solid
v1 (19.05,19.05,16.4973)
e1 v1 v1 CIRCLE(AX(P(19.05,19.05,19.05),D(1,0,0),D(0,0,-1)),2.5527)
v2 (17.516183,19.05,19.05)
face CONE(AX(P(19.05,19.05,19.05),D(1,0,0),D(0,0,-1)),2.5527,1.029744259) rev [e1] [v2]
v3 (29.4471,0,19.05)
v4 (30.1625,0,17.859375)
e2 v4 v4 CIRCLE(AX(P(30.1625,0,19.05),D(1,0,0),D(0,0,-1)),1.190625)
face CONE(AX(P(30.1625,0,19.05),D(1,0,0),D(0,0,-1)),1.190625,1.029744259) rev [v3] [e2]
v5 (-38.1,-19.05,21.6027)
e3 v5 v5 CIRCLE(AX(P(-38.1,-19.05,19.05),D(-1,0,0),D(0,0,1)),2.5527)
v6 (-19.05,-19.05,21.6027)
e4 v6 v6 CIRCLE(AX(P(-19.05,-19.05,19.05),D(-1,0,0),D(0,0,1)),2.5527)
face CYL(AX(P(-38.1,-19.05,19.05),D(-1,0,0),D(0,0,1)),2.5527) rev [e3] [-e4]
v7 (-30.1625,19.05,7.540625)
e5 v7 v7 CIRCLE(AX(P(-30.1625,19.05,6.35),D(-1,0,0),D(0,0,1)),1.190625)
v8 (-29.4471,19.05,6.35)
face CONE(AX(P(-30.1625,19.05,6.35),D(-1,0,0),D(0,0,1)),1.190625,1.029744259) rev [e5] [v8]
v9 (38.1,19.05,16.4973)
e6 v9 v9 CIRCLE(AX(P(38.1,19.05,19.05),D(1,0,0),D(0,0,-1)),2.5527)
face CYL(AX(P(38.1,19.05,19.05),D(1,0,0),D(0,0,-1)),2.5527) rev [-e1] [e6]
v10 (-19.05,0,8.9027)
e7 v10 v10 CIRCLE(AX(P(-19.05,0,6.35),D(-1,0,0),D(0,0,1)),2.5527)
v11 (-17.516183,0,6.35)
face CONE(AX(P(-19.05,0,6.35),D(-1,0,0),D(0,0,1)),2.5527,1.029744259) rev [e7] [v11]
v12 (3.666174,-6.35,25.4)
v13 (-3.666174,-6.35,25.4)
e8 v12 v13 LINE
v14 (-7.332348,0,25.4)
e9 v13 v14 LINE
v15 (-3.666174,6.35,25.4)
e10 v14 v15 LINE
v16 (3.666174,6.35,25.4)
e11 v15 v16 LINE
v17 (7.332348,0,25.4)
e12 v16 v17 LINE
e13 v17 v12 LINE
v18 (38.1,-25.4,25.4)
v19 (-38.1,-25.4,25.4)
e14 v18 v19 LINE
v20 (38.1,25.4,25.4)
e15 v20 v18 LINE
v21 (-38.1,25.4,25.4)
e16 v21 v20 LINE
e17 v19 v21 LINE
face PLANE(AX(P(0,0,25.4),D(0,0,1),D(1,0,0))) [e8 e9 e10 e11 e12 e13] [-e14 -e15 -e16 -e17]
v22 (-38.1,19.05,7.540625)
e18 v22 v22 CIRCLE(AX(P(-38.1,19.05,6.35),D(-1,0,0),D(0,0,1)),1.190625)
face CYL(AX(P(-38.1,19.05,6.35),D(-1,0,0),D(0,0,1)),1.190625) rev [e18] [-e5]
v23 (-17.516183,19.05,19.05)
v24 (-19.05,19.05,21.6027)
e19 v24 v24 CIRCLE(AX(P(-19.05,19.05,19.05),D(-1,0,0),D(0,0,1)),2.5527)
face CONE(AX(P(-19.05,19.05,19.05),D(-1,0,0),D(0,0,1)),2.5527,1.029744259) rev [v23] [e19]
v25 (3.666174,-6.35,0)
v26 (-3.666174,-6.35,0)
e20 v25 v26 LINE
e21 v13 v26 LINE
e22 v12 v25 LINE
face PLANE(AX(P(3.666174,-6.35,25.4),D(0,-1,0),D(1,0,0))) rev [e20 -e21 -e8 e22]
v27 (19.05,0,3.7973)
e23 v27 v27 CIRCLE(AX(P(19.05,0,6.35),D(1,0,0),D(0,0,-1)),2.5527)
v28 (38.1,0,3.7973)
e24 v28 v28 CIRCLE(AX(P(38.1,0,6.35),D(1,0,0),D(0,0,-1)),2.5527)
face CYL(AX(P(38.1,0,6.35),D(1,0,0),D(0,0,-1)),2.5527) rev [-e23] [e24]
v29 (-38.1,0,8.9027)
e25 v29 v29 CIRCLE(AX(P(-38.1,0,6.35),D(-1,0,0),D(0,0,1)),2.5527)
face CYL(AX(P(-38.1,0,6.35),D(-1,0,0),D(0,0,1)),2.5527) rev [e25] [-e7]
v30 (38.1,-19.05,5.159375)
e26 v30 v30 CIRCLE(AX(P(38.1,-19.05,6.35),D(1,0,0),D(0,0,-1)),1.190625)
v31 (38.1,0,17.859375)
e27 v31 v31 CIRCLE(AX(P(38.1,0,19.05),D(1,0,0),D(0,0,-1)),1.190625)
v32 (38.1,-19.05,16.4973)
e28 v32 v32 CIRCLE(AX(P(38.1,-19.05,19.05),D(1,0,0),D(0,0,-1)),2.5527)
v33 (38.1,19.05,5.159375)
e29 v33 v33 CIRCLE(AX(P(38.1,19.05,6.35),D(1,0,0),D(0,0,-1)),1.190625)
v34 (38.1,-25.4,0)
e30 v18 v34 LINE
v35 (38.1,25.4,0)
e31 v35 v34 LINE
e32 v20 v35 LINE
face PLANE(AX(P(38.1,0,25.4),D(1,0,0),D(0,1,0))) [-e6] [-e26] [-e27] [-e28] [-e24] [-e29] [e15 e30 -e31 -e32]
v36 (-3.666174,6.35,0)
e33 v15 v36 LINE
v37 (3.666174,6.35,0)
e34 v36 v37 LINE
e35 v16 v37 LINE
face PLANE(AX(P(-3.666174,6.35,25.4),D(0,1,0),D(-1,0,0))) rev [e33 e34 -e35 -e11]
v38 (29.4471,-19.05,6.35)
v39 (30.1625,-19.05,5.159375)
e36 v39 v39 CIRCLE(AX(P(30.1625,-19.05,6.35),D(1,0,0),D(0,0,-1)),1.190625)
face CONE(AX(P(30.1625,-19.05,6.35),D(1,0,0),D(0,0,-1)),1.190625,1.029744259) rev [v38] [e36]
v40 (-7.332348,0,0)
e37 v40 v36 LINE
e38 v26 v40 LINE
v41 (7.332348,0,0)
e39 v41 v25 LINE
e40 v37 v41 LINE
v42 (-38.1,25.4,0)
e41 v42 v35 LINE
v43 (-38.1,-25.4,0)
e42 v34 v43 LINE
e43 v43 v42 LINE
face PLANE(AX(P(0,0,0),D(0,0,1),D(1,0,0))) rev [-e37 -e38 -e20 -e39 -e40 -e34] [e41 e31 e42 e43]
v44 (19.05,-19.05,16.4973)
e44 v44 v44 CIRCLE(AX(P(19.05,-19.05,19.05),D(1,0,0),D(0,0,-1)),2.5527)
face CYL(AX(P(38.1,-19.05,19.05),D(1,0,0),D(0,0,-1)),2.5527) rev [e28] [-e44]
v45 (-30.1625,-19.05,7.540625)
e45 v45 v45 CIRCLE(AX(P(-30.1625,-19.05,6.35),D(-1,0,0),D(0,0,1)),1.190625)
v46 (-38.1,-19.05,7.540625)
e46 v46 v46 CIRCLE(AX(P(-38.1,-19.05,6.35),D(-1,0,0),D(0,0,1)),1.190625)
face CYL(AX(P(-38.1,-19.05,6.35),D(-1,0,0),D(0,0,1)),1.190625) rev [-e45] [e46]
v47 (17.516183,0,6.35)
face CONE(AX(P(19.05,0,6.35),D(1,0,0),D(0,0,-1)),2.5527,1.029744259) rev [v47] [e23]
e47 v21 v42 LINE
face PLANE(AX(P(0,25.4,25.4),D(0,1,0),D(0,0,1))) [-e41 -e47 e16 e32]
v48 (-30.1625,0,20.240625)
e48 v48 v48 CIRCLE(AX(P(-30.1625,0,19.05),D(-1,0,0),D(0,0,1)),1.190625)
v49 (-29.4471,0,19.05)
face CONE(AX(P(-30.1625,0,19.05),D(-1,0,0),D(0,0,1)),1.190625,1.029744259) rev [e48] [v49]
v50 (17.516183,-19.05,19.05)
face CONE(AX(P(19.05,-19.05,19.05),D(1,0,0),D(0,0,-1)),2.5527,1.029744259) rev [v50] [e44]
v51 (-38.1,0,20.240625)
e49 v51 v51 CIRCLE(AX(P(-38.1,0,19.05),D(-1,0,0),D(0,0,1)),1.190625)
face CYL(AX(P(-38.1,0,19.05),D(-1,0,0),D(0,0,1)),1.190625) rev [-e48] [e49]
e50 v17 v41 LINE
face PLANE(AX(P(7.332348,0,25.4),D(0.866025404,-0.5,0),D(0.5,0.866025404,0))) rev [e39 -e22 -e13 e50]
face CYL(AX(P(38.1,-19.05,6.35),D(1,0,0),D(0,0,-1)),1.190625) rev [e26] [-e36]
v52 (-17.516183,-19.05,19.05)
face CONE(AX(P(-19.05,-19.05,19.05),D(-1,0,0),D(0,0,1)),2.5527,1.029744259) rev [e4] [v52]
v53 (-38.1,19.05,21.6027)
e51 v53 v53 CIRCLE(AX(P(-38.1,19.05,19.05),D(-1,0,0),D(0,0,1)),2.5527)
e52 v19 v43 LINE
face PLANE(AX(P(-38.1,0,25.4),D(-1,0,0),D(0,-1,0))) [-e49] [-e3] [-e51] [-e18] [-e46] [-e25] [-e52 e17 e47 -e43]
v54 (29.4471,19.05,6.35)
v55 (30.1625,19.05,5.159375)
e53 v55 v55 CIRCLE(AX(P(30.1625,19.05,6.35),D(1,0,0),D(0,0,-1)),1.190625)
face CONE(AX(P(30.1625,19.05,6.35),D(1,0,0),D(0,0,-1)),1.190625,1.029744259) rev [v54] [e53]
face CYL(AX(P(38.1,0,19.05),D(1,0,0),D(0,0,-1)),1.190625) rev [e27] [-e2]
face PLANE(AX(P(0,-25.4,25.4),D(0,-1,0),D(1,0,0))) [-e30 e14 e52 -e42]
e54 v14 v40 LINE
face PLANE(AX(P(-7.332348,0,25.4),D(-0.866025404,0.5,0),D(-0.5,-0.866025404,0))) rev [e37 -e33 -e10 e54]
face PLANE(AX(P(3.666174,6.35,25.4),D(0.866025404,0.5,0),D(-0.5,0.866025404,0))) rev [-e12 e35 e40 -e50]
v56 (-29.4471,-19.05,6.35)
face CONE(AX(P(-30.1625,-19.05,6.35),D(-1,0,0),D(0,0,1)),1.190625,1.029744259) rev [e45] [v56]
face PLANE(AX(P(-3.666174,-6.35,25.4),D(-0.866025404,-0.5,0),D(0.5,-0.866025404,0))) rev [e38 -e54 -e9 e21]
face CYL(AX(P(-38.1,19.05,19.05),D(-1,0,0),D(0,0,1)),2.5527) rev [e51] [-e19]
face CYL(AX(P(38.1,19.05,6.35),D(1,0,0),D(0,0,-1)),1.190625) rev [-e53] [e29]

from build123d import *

# Parameters (mm, degrees)
SKETCH2_W                             = 76.2
SKETCH2_H                             = 50.8
BOSS_EXTRUDE1_DEPTH                   = 25.4
TAP_DRILL_FOR_1_4_20_TAP1_AT_2_COUNT  = 2
TAP_DRILL_FOR_1_4_20_TAP1_AT_2_PITCH  = 22.895250599
TAP_DRILL_FOR_1_4_20_TAP1_AT_3_COUNT  = 2
TAP_DRILL_FOR_1_4_20_TAP1_AT_3_PITCH  = 38.1
F_3_32_0_09375_DOWEL_HOLE1_AT_2_COUNT = 2
F_3_32_0_09375_DOWEL_HOLE1_AT_2_PITCH = 38.1
F_3_32_0_09375_DOWEL_HOLE1_AT_3_COUNT = 2
F_3_32_0_09375_DOWEL_HOLE1_AT_3_PITCH = 22.895250599
CUT_EXTRUDE1_DEPTH                    = 53.363441445


with BuildPart() as part:
    # Sketch2 → Boss-Extrude1 (new body)
    with BuildSketch(Plane.XY):
        Rectangle(SKETCH2_W, SKETCH2_H)
    extrude(amount=BOSS_EXTRUDE1_DEPTH)

    # Sketch6 → Tap Drill for 1/4-20 Tap1 (revolve, cut)
    with BuildSketch(Plane(origin=(-38.1, 19.05, 19.05), x_dir=(0, 0, 1), z_dir=(0, 1, 0))):
        Polygon((0, 0), (0, 20.583816902), (2.5527, 19.05), (2.5527, 0), align=None)
    tap_drill_for_1_4_20_tap1 = revolve(axis=Axis((-44.45, 19.05, 19.05), (1, 0, 0)), mode=Mode.SUBTRACT)

    # Tap Drill for 1/4-20 Tap1 at 2: Tap Drill for 1/4-20 Tap1 ×2
    with Locations(*[Vector(2.831898447985745e-15, -0.8320502943378457, -0.554700196225226) * (i * TAP_DRILL_FOR_1_4_20_TAP1_AT_2_PITCH) for i in range(1, TAP_DRILL_FOR_1_4_20_TAP1_AT_2_COUNT)]):
        add(tap_drill_for_1_4_20_tap1, mode=Mode.SUBTRACT)

    # Tap Drill for 1/4-20 Tap1 at 3: Tap Drill for 1/4-20 Tap1 ×2
    with Locations(*[(0, -i * TAP_DRILL_FOR_1_4_20_TAP1_AT_3_PITCH, 0) for i in range(1, TAP_DRILL_FOR_1_4_20_TAP1_AT_3_COUNT)]):
        add(tap_drill_for_1_4_20_tap1, mode=Mode.SUBTRACT)

    # Sketch8 → 3/32 (0.09375) Dowel Hole1 (revolve, cut)
    with BuildSketch(Plane(origin=(-38.1, 19.05, 6.35), x_dir=(0, 0, 1), z_dir=(0, 1, 0))):
        Polygon((0, 0), (0, 8.652899675), (1.190625, 7.9375), (1.190625, 0), align=None)
    f_3_32_0_09375_dowel_hole1 = revolve(axis=Axis((-44.45, 19.05, 6.35), (1, 0, 0)), mode=Mode.SUBTRACT)

    # 3/32 (0.09375) Dowel Hole1 at 2: 3/32 (0.09375) Dowel Hole1 ×2
    with Locations(*[(0, -i * F_3_32_0_09375_DOWEL_HOLE1_AT_2_PITCH, 0) for i in range(1, F_3_32_0_09375_DOWEL_HOLE1_AT_2_COUNT)]):
        add(f_3_32_0_09375_dowel_hole1, mode=Mode.SUBTRACT)

    # 3/32 (0.09375) Dowel Hole1 at 3: 3/32 (0.09375) Dowel Hole1 ×2
    with Locations(*[Vector(2.831898447985753e-15, -0.8320502943378447, 0.5547001962252276) * (i * F_3_32_0_09375_DOWEL_HOLE1_AT_3_PITCH) for i in range(1, F_3_32_0_09375_DOWEL_HOLE1_AT_3_COUNT)]):
        add(f_3_32_0_09375_dowel_hole1, mode=Mode.SUBTRACT)

    # Mirror1: Tap Drill for 1/4-20 Tap1, 3/32 (0.09375) Dowel Hole1 across plane
    add(tap_drill_for_1_4_20_tap1.mirror(Plane(origin=(0, 0, 0), x_dir=(0, 0, 1), z_dir=(1, 0, 0))), mode=Mode.SUBTRACT)
    add(f_3_32_0_09375_dowel_hole1.mirror(Plane(origin=(0, 0, 0), x_dir=(0, 0, 1), z_dir=(1, 0, 0))), mode=Mode.SUBTRACT)

    # Mirror1 copy 1 sketch → Mirror1 copy 1 (revolve, cut)
    with BuildSketch(Plane(origin=(38.1, 0, 6.35), x_dir=(0, 0, 1), z_dir=(0, 1, 0))):
        Polygon((0, 0), (0, -20.583816902), (2.5527, -19.05), (2.5527, 0), align=None)
    revolve(axis=Axis((44.45, 0, 6.35), (1, 0, 0)), mode=Mode.SUBTRACT)

    # Mirror1 copy 2 sketch → Mirror1 copy 2 (revolve, cut)
    with BuildSketch(Plane(origin=(38.1, -19.05, 19.05), x_dir=(0, 0, 1), z_dir=(0, 1, 0))):
        Polygon((0, 0), (0, -20.583816902), (2.5527, -19.05), (2.5527, 0), align=None)
    revolve(axis=Axis((44.45, -19.05, 19.05), (1, 0, 0)), mode=Mode.SUBTRACT)

    # Mirror1 copy 3 sketch → Mirror1 copy 3 (revolve, cut)
    with BuildSketch(Plane(origin=(38.1, -19.05, 6.35), x_dir=(0, 0, 1), z_dir=(0, 1, 0))):
        Polygon((0, 0), (0, -8.652899675), (1.190625, -7.9375), (1.190625, 0), align=None)
    revolve(axis=Axis((44.45, -19.05, 6.35), (1, 0, 0)), mode=Mode.SUBTRACT)

    # Mirror1 copy 4 sketch → Mirror1 copy 4 (revolve, cut)
    with BuildSketch(Plane(origin=(38.1, 0, 19.05), x_dir=(0, 0, 1), z_dir=(0, 1, 0))):
        Polygon((0, 0), (0, -8.652899675), (1.190625, -7.9375), (1.190625, 0), align=None)
    revolve(axis=Axis((44.45, 0, 19.05), (1, 0, 0)), mode=Mode.SUBTRACT)

    # Sketch4 → Cut-Extrude1 (cut, through all)
    with BuildSketch(Plane(origin=(0, 0, 0), x_dir=(-1, 0, 0), z_dir=(0, 0, -1))):
        Polygon((3.666174209, 6.35), (-3.666174209, 6.35), (-7.332348419, 0), (-3.666174209, -6.35), (3.666174209, -6.35), (7.332348419, 0), align=None)
    extrude(amount=-CUT_EXTRUDE1_DEPTH, mode=Mode.SUBTRACT)


solid = part.part
